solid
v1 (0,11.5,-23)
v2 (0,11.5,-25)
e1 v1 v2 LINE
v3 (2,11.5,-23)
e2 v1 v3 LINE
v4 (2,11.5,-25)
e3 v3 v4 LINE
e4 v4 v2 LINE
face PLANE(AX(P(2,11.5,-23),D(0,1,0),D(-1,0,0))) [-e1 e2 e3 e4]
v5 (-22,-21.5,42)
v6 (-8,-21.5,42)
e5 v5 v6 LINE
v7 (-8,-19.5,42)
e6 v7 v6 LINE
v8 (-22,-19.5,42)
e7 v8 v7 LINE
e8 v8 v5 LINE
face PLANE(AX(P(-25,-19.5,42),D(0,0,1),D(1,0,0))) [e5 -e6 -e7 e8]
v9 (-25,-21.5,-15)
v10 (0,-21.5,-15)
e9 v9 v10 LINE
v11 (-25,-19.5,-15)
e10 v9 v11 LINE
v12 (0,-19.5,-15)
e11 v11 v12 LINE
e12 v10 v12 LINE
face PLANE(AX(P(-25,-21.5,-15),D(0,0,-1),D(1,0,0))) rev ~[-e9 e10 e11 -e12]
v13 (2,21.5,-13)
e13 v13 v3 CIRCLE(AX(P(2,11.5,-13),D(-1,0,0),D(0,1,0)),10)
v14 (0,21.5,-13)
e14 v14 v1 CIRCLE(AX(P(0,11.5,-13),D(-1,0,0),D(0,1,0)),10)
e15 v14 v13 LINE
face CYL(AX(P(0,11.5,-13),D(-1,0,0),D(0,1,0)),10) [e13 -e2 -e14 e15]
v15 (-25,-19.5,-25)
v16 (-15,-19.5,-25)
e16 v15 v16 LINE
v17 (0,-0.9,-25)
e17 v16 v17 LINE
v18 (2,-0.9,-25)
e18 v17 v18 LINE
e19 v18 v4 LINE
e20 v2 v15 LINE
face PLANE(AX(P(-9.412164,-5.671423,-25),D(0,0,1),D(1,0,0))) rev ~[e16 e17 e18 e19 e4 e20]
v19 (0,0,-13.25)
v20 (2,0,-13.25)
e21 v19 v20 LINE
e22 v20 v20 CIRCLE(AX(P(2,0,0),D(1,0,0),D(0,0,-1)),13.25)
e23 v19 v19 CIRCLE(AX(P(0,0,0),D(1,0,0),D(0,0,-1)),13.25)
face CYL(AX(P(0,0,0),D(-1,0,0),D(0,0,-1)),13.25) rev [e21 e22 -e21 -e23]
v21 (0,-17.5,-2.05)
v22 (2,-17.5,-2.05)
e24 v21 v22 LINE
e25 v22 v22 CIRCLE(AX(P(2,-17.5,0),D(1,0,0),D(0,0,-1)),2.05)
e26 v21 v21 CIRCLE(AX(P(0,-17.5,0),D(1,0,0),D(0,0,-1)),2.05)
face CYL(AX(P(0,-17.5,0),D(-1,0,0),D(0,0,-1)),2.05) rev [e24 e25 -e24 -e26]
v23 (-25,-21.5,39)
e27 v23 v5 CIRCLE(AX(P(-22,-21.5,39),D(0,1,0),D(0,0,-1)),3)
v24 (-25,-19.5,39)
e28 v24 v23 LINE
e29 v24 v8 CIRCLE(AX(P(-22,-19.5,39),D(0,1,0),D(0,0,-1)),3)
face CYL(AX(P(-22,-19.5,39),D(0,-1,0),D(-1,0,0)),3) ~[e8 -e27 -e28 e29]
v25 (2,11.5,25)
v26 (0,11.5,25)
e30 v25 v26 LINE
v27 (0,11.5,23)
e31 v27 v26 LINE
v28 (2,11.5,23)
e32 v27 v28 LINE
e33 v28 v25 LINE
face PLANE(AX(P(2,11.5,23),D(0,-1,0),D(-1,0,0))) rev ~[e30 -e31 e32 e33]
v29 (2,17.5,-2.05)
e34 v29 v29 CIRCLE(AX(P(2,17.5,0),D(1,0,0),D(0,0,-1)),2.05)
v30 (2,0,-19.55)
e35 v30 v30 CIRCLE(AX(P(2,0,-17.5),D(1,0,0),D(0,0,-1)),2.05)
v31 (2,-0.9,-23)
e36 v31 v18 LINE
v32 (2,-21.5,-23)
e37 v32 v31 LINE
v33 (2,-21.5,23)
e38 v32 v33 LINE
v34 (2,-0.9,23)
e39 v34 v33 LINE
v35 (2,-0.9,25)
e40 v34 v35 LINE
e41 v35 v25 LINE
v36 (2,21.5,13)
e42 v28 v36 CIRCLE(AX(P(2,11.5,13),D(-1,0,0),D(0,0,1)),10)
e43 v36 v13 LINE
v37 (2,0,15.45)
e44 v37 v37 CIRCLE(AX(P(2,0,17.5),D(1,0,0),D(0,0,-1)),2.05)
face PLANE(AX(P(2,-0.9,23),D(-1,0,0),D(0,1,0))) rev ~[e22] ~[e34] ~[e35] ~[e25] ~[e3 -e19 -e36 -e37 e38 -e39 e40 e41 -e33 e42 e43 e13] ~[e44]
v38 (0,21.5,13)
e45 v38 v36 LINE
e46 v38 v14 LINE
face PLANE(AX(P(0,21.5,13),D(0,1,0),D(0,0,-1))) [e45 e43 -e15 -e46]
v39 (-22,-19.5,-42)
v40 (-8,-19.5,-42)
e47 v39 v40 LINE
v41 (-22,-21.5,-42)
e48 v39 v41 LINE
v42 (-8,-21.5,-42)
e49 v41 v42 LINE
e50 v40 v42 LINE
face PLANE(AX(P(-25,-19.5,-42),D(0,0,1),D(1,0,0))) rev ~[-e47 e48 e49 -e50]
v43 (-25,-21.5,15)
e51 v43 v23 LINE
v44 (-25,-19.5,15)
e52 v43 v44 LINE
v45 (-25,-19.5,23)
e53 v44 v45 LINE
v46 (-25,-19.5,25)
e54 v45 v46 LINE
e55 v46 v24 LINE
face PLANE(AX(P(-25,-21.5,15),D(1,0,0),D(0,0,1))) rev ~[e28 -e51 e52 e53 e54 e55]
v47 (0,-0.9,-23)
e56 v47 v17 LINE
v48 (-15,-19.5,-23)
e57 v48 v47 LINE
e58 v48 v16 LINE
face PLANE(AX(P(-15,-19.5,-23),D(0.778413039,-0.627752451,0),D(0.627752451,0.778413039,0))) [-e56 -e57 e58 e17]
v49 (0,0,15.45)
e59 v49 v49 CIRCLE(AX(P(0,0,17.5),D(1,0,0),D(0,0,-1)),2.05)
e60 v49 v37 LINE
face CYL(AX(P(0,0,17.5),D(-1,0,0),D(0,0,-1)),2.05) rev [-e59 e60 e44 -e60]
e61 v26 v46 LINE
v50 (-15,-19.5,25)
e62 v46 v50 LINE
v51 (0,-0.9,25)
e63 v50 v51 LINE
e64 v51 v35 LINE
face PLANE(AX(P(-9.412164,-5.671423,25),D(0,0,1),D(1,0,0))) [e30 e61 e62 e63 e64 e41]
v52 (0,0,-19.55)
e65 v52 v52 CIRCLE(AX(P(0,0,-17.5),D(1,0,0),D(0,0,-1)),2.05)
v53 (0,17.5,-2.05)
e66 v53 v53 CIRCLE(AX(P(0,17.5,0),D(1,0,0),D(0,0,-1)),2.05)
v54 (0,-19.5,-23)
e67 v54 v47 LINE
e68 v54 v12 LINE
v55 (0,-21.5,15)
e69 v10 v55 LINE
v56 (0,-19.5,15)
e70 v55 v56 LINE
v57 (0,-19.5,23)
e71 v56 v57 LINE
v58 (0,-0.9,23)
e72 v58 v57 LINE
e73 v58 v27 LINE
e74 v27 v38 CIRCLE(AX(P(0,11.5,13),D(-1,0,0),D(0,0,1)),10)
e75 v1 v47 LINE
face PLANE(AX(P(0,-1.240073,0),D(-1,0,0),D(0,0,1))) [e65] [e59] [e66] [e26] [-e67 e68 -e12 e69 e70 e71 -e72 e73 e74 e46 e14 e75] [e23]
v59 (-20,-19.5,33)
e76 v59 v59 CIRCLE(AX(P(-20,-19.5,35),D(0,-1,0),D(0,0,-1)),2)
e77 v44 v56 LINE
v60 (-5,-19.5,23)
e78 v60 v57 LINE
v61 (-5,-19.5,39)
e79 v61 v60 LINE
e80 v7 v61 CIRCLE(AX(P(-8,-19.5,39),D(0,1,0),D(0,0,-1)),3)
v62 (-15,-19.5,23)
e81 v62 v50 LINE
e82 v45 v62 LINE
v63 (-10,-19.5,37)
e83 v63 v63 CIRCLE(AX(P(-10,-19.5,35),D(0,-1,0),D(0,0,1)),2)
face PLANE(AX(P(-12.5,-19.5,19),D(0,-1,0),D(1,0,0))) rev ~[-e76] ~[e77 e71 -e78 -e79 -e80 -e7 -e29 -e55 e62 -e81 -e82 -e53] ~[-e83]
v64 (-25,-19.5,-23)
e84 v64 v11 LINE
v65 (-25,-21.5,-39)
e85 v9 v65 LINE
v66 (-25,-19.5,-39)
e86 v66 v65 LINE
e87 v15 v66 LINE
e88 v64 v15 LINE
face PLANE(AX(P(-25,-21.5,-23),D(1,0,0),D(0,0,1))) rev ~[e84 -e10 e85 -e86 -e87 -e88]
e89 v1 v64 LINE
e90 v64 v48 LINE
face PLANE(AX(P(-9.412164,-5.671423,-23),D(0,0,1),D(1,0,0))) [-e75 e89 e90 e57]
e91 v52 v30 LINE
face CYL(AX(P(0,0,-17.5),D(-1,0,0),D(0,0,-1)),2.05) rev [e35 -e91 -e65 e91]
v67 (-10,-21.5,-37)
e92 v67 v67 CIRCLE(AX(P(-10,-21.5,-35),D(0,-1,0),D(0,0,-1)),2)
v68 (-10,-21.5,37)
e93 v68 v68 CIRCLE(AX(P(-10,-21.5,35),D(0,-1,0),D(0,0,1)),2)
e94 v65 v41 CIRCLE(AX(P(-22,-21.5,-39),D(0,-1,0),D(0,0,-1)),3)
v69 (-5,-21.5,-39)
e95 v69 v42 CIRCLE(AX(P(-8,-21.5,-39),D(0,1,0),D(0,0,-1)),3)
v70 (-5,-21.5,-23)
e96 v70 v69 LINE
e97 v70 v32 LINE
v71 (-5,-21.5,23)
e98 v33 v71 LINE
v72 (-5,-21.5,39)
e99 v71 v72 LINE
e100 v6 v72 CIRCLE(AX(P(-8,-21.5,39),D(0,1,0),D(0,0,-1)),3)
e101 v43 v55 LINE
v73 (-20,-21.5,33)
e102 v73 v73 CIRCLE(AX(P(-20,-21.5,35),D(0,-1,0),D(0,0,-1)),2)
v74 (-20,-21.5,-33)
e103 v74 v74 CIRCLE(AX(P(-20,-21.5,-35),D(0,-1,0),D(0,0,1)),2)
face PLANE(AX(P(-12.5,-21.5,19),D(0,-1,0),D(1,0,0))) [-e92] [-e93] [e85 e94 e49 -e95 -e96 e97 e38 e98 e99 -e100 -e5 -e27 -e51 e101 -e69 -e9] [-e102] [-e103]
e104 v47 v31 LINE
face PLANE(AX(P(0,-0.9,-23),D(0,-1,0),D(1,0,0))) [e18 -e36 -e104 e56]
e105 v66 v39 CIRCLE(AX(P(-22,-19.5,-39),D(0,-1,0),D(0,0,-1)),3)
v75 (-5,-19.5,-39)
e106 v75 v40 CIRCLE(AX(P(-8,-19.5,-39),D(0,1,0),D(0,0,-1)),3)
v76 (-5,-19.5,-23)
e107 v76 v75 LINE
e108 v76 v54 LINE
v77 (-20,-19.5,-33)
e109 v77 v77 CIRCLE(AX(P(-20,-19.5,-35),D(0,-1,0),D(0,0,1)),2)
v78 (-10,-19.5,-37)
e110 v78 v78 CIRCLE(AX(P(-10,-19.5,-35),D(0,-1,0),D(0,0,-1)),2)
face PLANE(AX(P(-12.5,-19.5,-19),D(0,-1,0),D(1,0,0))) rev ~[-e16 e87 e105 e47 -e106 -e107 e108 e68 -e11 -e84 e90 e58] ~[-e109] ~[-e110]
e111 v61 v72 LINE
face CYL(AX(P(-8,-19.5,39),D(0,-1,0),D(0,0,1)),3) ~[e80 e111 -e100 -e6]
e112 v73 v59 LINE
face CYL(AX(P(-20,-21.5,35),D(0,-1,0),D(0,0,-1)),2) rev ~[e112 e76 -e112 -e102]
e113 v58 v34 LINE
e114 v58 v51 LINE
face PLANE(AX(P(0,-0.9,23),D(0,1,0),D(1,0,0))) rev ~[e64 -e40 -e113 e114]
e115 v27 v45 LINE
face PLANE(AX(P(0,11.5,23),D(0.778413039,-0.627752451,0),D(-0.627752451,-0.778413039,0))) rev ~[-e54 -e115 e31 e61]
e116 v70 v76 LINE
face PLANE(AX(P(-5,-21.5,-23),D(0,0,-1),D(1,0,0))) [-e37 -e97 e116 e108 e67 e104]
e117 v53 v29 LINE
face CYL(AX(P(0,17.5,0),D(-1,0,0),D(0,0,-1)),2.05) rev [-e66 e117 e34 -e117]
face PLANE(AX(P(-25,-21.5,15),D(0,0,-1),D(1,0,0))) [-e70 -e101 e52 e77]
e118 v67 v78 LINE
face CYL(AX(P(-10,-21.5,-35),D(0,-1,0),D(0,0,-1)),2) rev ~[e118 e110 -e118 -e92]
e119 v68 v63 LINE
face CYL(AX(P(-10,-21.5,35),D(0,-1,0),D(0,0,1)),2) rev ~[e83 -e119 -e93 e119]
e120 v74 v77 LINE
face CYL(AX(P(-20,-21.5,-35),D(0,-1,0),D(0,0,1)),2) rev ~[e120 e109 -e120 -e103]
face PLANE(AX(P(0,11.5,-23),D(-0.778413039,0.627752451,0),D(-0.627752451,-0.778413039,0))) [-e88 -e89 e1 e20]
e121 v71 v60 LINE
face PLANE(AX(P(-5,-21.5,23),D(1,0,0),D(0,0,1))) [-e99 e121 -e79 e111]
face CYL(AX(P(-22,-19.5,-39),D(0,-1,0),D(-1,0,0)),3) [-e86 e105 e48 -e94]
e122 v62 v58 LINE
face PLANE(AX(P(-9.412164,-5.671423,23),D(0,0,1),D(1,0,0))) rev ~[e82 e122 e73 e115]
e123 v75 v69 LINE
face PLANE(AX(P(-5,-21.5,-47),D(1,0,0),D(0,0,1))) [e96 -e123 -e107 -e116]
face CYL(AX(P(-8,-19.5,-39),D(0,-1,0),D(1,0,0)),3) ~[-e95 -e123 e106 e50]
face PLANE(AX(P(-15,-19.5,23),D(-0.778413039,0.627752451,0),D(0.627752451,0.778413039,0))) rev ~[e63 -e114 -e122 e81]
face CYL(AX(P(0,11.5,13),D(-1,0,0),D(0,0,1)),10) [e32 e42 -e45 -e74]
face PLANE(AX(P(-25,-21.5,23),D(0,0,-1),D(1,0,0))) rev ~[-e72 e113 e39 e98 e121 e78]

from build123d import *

# Parameters (mm, degrees)
SKETCH1_R           = 13.25
SKETCH1_R_2         = 2.05
BOSS_EXTRUDE1_DEPTH = 2
SKETCH2_R           = 2
BOSS_EXTRUDE2_DEPTH = 2
BOSS_EXTRUDE3_DEPTH = 2
BOSS_EXTRUDE4_DEPTH = 2
SKETCH5_W           = 7
SKETCH5_H           = 5
CUT_EXTRUDE1_DEPTH  = 2
SKETCH6_W           = 20
SKETCH6_H           = 5
CUT_EXTRUDE2_DEPTH  = 2
FILLET1_R           = 3
SKETCH8_W           = 25
SKETCH8_H           = 8
BOSS_EXTRUDE5_DEPTH = 2


with BuildPart() as part:
    # Sketch1 → Boss-Extrude1 (new body)
    with BuildSketch(Plane(origin=(0, 0, 0), x_dir=(0, 0, -1), z_dir=(1, 0, 0))):
        with BuildLine():
            Line((-13, 21.5), (13, 21.5))
            ThreePointArc((13, 21.5), (20.071067812, 18.571067812), (23, 11.5))
            Line((23, 11.5), (23, -21.5))
            Line((23, -21.5), (-23, -21.5))
            Line((-23, -21.5), (-23, 11.5))
            ThreePointArc((-23, 11.5), (-20.071067812, 18.571067812), (-13, 21.5))
        make_face()
        Circle(SKETCH1_R, mode=Mode.SUBTRACT)
        with Locations((0, 17.5)):
            Circle(SKETCH1_R_2, mode=Mode.SUBTRACT)
        with Locations((17.5, 0)):
            Circle(SKETCH1_R_2, mode=Mode.SUBTRACT)
        with Locations((0, -17.5)):
            Circle(SKETCH1_R_2, mode=Mode.SUBTRACT)
        with Locations((-17.5, 0)):
            Circle(SKETCH1_R_2, mode=Mode.SUBTRACT)
    extrude(amount=BOSS_EXTRUDE1_DEPTH)

    # Sketch2 → Boss-Extrude2 (add)
    # profile 1 of 2: a face of its own
    with BuildSketch(Plane.XZ.offset(21.5)):
        Polygon((-5, 23), (-25, 23), (-25, 47), (-5, 47), (-5, 28), (2, 28), (2, 23), align=None)
        with Locations(Location((-20, 35, 0), (0, 0, 270))):
            Circle(SKETCH2_R, mode=Mode.SUBTRACT)
        with Locations(Location((-10, 35, 0), (0, 0, 90))):
            Circle(SKETCH2_R, mode=Mode.SUBTRACT)
    # profile 2 of 2: a face of its own
    with BuildSketch(Plane.XZ.offset(21.5)):
        Polygon((2, -23), (-5, -23), (-25, -23), (-25, -47), (-5, -47), (-5, -28), (2, -28), align=None)
        with Locations(Location((-10, -35, 0), (0, 0, 270))):
            Circle(SKETCH2_R, mode=Mode.SUBTRACT)
        with Locations(Location((-20, -35, 0), (0, 0, 90))):
            Circle(SKETCH2_R, mode=Mode.SUBTRACT)
    extrude(amount=-BOSS_EXTRUDE2_DEPTH)

    # Sketch3 → Boss-Extrude3 (add)
    with BuildSketch(Plane(origin=(0, 0, -23), x_dir=(-1, 0, 0), z_dir=(0, 0, -1))):
        Polygon((-2, 11.5), (0, 11.5), (25, -19.5), (15, -19.5), (0, -0.9), (-2, -0.9), align=None)
    extrude(amount=BOSS_EXTRUDE3_DEPTH)

    # Sketch4 → Boss-Extrude4 (add)
    with BuildSketch(Plane.XY.offset(23)):
        Polygon((2, 11.5), (0, 11.5), (-25, -19.5), (-15, -19.5), (0, -0.9), (2, -0.9), align=None)
    extrude(amount=BOSS_EXTRUDE4_DEPTH)

    # Sketch5 → Cut-Extrude1 (cut)
    with BuildSketch(Plane.XZ.offset(21.5)):
        with Locations((-1.5, 25.5)):
            Rectangle(SKETCH5_W, SKETCH5_H)
        with Locations((-1.5, -25.5)):
            Rectangle(SKETCH5_W, SKETCH5_H)
    extrude(amount=-CUT_EXTRUDE1_DEPTH, mode=Mode.SUBTRACT)

    # Sketch6 → Cut-Extrude2 (cut)
    with BuildSketch(Plane(origin=(0, -19.5, 0), x_dir=(1, 0, 0), z_dir=(0, 1, 0))):
        with Locations((-15, 44.5)):
            Rectangle(SKETCH6_W, SKETCH6_H)
        with Locations((-15, -44.5)):
            Rectangle(SKETCH6_W, SKETCH6_H)
    extrude(amount=-CUT_EXTRUDE2_DEPTH, mode=Mode.SUBTRACT)

    # Fillet1
    fillet1_edges = [part.edges().sort_by_distance(p)[0] for p in [
        (-5, -20.5, -42),
        (-25, -20.5, -42),
        (-25, -20.5, 42),
        (-5, -20.5, 42),
    ]]
    fillet(fillet1_edges, radius=FILLET1_R)

    # Sketch8 → Boss-Extrude5 (add)
    with BuildSketch(Plane.XZ.offset(21.5)):
        with Locations((-12.5, 19)):
            Rectangle(SKETCH8_W, SKETCH8_H)
        with Locations((-12.5, -19)):
            Rectangle(SKETCH8_W, SKETCH8_H)
    extrude(amount=-BOSS_EXTRUDE5_DEPTH)


solid = part.part
